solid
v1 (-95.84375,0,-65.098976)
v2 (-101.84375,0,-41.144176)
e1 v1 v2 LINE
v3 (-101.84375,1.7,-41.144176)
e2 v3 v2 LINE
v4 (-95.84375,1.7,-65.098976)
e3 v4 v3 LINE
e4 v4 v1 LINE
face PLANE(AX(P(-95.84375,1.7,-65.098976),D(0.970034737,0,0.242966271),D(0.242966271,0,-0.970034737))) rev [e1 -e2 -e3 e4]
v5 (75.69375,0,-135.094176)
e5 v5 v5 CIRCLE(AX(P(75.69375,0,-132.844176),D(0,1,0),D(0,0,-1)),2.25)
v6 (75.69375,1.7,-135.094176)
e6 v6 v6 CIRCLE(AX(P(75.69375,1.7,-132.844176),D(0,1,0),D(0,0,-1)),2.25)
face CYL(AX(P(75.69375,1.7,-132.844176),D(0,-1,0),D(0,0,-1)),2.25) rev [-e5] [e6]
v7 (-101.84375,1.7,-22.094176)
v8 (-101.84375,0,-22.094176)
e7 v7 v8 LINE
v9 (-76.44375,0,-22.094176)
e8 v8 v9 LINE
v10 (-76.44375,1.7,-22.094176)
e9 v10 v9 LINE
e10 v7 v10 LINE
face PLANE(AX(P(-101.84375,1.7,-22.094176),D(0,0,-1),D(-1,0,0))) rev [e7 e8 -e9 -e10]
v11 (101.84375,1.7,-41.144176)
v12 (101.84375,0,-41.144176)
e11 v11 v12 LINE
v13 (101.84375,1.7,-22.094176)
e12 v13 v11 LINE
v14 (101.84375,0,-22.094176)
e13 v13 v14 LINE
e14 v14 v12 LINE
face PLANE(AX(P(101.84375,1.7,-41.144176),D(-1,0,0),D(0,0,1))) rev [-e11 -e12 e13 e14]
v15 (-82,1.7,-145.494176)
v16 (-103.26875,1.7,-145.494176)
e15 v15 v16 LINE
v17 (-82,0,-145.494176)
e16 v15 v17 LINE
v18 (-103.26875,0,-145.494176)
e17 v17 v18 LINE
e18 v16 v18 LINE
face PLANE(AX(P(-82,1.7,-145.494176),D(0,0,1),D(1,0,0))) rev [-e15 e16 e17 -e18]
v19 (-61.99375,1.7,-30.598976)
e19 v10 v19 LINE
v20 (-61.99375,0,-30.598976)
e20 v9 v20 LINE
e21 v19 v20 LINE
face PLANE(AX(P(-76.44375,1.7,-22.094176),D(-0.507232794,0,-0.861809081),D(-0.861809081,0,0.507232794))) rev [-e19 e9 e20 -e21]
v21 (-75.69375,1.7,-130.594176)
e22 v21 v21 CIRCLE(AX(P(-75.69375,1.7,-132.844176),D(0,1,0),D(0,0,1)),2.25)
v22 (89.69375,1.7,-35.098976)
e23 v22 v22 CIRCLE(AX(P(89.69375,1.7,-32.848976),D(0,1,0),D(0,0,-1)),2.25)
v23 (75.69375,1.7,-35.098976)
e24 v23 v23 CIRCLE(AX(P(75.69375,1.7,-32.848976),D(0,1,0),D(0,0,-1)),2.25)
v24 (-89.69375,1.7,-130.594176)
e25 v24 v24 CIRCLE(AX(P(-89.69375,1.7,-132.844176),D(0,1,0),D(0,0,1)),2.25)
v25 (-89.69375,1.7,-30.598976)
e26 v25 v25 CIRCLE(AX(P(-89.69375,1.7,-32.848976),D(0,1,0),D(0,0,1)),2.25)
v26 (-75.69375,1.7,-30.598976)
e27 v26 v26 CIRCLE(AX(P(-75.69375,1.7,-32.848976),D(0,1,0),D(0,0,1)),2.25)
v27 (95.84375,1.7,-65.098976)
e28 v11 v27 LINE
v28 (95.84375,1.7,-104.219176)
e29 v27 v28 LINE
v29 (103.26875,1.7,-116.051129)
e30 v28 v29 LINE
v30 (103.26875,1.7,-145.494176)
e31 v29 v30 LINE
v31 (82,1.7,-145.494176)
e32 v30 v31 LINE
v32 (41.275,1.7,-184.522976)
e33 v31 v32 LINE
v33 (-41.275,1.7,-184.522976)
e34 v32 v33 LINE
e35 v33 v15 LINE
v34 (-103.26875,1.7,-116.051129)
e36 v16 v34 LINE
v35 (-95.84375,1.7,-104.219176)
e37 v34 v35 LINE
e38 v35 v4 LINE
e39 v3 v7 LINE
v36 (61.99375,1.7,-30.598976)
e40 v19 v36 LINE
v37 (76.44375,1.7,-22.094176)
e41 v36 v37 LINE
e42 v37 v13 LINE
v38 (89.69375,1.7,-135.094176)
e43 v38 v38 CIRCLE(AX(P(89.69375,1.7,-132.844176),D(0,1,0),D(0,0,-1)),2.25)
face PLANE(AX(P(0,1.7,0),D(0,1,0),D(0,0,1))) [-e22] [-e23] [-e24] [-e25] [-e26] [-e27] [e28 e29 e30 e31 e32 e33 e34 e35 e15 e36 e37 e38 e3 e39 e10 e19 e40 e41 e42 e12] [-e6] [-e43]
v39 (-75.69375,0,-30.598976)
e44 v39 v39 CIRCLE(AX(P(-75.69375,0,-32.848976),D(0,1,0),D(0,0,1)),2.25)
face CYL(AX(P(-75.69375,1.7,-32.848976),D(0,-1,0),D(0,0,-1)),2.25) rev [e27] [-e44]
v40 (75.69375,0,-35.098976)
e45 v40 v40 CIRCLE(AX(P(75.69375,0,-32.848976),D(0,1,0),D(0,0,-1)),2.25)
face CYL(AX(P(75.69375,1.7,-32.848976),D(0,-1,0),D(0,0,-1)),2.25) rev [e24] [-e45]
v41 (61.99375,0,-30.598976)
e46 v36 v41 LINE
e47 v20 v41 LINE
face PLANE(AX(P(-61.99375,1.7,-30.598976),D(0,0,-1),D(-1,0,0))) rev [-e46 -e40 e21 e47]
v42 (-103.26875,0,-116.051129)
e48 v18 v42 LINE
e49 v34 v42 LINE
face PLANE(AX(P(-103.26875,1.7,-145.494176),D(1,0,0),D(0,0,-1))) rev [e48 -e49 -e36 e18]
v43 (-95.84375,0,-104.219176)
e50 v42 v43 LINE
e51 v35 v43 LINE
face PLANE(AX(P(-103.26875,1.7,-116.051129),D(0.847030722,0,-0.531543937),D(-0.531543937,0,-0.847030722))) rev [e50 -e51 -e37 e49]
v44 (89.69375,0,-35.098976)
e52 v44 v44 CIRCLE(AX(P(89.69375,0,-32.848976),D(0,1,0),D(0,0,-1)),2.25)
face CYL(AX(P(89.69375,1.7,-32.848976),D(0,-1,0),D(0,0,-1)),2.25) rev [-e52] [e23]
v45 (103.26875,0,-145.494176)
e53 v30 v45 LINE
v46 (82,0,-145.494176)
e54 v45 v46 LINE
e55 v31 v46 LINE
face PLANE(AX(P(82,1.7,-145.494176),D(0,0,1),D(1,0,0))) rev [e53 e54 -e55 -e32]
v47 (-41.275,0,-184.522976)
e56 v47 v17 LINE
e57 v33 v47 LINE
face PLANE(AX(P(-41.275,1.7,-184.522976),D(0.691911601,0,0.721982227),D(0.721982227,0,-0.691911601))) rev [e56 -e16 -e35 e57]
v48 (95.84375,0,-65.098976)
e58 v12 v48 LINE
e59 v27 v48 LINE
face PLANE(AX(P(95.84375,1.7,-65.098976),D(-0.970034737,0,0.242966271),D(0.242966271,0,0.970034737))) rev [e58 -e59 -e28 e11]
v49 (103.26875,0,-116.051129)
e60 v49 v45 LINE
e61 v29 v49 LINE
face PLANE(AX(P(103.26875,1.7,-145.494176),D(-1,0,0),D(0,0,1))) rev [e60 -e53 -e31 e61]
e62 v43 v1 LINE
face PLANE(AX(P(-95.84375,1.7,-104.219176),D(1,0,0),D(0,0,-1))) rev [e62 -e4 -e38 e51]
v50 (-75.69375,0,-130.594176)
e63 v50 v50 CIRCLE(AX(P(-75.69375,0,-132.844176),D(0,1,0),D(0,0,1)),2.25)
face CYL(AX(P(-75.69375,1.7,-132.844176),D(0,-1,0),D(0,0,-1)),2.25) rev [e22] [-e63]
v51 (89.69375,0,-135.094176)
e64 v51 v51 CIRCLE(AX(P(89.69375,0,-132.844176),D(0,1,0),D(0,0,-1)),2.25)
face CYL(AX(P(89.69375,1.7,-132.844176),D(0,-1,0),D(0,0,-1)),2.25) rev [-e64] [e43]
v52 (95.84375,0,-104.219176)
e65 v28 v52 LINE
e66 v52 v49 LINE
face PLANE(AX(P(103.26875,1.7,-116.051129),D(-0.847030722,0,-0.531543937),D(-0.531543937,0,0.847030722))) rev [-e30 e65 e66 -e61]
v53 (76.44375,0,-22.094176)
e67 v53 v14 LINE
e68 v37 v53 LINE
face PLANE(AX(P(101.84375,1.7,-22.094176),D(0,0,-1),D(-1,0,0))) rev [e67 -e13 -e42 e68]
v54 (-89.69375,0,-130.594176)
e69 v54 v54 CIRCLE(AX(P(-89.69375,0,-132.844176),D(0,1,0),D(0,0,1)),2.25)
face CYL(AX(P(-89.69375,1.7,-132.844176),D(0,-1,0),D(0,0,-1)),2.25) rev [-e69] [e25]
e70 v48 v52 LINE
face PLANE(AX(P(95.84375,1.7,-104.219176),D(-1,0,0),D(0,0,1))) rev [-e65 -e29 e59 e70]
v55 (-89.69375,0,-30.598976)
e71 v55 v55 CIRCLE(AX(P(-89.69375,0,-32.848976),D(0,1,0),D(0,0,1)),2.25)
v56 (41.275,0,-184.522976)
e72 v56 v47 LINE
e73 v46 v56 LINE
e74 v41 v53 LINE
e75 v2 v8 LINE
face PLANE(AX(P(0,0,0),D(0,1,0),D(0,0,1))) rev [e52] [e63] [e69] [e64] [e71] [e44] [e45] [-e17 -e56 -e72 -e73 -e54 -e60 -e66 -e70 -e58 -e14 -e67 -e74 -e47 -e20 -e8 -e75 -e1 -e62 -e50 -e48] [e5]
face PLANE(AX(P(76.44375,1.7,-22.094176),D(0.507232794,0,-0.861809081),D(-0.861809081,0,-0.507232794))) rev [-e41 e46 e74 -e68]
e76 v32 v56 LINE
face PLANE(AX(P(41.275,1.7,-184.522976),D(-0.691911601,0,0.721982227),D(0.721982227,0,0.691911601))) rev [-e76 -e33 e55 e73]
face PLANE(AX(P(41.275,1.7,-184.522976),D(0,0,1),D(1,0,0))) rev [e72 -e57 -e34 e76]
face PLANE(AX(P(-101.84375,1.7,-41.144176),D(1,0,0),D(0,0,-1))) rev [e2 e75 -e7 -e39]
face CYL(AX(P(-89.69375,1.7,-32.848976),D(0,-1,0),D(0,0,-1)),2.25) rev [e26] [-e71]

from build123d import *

# Parameters (mm, degrees)
SKETCH1_R           = 2.25
BOSS_EXTRUDE1_DEPTH = 1.7


with BuildPart() as part:
    # Sketch1 → Boss-Extrude1 (new body)
    with BuildSketch(Plane(origin=(0, 0, 0), x_dir=(1, 0, 0), z_dir=(0, 1, 0))):
        Polygon((41.275, 184.522975959), (-41.275, 184.522975959), (-82, 145.494175959), (-103.26875, 145.494175959), (-103.26875, 116.051129389), (-95.84375, 104.219175959), (-95.84375, 65.098975959), (-101.84375, 41.144175959), (-101.84375, 22.094175959), (-76.44375, 22.094175959), (-61.99375, 30.598975959), (61.99375, 30.598975959), (76.44375, 22.094175959), (101.84375, 22.094175959), (101.84375, 41.144175959), (95.84375, 65.098975959), (95.84375, 104.219175959), (103.26875, 116.051129389), (103.26875, 145.494175959), (82, 145.494175959), align=None)
        with Locations(Location((-89.69375, 32.848975959, 0), (0, 0, 270))):
            Circle(SKETCH1_R, mode=Mode.SUBTRACT)
        with Locations(Location((-75.69375, 32.848975959, 0), (0, 0, 270))):
            Circle(SKETCH1_R, mode=Mode.SUBTRACT)
        with Locations(Location((-89.69375, 132.844175959, 0), (0, 0, 270))):
            Circle(SKETCH1_R, mode=Mode.SUBTRACT)
        with Locations(Location((-75.69375, 132.844175959, 0), (0, 0, 270))):
            Circle(SKETCH1_R, mode=Mode.SUBTRACT)
        with Locations(Location((75.69375, 32.848975959, 0), (0, 0, 90))):
            Circle(SKETCH1_R, mode=Mode.SUBTRACT)
        with Locations(Location((89.69375, 32.848975959, 0), (0, 0, 90))):
            Circle(SKETCH1_R, mode=Mode.SUBTRACT)
        with Locations(Location((75.69375, 132.844175959, 0), (0, 0, 90))):
            Circle(SKETCH1_R, mode=Mode.SUBTRACT)
        with Locations(Location((89.69375, 132.844175959, 0), (0, 0, 90))):
            Circle(SKETCH1_R, mode=Mode.SUBTRACT)
    extrude(amount=BOSS_EXTRUDE1_DEPTH)


solid = part.part
